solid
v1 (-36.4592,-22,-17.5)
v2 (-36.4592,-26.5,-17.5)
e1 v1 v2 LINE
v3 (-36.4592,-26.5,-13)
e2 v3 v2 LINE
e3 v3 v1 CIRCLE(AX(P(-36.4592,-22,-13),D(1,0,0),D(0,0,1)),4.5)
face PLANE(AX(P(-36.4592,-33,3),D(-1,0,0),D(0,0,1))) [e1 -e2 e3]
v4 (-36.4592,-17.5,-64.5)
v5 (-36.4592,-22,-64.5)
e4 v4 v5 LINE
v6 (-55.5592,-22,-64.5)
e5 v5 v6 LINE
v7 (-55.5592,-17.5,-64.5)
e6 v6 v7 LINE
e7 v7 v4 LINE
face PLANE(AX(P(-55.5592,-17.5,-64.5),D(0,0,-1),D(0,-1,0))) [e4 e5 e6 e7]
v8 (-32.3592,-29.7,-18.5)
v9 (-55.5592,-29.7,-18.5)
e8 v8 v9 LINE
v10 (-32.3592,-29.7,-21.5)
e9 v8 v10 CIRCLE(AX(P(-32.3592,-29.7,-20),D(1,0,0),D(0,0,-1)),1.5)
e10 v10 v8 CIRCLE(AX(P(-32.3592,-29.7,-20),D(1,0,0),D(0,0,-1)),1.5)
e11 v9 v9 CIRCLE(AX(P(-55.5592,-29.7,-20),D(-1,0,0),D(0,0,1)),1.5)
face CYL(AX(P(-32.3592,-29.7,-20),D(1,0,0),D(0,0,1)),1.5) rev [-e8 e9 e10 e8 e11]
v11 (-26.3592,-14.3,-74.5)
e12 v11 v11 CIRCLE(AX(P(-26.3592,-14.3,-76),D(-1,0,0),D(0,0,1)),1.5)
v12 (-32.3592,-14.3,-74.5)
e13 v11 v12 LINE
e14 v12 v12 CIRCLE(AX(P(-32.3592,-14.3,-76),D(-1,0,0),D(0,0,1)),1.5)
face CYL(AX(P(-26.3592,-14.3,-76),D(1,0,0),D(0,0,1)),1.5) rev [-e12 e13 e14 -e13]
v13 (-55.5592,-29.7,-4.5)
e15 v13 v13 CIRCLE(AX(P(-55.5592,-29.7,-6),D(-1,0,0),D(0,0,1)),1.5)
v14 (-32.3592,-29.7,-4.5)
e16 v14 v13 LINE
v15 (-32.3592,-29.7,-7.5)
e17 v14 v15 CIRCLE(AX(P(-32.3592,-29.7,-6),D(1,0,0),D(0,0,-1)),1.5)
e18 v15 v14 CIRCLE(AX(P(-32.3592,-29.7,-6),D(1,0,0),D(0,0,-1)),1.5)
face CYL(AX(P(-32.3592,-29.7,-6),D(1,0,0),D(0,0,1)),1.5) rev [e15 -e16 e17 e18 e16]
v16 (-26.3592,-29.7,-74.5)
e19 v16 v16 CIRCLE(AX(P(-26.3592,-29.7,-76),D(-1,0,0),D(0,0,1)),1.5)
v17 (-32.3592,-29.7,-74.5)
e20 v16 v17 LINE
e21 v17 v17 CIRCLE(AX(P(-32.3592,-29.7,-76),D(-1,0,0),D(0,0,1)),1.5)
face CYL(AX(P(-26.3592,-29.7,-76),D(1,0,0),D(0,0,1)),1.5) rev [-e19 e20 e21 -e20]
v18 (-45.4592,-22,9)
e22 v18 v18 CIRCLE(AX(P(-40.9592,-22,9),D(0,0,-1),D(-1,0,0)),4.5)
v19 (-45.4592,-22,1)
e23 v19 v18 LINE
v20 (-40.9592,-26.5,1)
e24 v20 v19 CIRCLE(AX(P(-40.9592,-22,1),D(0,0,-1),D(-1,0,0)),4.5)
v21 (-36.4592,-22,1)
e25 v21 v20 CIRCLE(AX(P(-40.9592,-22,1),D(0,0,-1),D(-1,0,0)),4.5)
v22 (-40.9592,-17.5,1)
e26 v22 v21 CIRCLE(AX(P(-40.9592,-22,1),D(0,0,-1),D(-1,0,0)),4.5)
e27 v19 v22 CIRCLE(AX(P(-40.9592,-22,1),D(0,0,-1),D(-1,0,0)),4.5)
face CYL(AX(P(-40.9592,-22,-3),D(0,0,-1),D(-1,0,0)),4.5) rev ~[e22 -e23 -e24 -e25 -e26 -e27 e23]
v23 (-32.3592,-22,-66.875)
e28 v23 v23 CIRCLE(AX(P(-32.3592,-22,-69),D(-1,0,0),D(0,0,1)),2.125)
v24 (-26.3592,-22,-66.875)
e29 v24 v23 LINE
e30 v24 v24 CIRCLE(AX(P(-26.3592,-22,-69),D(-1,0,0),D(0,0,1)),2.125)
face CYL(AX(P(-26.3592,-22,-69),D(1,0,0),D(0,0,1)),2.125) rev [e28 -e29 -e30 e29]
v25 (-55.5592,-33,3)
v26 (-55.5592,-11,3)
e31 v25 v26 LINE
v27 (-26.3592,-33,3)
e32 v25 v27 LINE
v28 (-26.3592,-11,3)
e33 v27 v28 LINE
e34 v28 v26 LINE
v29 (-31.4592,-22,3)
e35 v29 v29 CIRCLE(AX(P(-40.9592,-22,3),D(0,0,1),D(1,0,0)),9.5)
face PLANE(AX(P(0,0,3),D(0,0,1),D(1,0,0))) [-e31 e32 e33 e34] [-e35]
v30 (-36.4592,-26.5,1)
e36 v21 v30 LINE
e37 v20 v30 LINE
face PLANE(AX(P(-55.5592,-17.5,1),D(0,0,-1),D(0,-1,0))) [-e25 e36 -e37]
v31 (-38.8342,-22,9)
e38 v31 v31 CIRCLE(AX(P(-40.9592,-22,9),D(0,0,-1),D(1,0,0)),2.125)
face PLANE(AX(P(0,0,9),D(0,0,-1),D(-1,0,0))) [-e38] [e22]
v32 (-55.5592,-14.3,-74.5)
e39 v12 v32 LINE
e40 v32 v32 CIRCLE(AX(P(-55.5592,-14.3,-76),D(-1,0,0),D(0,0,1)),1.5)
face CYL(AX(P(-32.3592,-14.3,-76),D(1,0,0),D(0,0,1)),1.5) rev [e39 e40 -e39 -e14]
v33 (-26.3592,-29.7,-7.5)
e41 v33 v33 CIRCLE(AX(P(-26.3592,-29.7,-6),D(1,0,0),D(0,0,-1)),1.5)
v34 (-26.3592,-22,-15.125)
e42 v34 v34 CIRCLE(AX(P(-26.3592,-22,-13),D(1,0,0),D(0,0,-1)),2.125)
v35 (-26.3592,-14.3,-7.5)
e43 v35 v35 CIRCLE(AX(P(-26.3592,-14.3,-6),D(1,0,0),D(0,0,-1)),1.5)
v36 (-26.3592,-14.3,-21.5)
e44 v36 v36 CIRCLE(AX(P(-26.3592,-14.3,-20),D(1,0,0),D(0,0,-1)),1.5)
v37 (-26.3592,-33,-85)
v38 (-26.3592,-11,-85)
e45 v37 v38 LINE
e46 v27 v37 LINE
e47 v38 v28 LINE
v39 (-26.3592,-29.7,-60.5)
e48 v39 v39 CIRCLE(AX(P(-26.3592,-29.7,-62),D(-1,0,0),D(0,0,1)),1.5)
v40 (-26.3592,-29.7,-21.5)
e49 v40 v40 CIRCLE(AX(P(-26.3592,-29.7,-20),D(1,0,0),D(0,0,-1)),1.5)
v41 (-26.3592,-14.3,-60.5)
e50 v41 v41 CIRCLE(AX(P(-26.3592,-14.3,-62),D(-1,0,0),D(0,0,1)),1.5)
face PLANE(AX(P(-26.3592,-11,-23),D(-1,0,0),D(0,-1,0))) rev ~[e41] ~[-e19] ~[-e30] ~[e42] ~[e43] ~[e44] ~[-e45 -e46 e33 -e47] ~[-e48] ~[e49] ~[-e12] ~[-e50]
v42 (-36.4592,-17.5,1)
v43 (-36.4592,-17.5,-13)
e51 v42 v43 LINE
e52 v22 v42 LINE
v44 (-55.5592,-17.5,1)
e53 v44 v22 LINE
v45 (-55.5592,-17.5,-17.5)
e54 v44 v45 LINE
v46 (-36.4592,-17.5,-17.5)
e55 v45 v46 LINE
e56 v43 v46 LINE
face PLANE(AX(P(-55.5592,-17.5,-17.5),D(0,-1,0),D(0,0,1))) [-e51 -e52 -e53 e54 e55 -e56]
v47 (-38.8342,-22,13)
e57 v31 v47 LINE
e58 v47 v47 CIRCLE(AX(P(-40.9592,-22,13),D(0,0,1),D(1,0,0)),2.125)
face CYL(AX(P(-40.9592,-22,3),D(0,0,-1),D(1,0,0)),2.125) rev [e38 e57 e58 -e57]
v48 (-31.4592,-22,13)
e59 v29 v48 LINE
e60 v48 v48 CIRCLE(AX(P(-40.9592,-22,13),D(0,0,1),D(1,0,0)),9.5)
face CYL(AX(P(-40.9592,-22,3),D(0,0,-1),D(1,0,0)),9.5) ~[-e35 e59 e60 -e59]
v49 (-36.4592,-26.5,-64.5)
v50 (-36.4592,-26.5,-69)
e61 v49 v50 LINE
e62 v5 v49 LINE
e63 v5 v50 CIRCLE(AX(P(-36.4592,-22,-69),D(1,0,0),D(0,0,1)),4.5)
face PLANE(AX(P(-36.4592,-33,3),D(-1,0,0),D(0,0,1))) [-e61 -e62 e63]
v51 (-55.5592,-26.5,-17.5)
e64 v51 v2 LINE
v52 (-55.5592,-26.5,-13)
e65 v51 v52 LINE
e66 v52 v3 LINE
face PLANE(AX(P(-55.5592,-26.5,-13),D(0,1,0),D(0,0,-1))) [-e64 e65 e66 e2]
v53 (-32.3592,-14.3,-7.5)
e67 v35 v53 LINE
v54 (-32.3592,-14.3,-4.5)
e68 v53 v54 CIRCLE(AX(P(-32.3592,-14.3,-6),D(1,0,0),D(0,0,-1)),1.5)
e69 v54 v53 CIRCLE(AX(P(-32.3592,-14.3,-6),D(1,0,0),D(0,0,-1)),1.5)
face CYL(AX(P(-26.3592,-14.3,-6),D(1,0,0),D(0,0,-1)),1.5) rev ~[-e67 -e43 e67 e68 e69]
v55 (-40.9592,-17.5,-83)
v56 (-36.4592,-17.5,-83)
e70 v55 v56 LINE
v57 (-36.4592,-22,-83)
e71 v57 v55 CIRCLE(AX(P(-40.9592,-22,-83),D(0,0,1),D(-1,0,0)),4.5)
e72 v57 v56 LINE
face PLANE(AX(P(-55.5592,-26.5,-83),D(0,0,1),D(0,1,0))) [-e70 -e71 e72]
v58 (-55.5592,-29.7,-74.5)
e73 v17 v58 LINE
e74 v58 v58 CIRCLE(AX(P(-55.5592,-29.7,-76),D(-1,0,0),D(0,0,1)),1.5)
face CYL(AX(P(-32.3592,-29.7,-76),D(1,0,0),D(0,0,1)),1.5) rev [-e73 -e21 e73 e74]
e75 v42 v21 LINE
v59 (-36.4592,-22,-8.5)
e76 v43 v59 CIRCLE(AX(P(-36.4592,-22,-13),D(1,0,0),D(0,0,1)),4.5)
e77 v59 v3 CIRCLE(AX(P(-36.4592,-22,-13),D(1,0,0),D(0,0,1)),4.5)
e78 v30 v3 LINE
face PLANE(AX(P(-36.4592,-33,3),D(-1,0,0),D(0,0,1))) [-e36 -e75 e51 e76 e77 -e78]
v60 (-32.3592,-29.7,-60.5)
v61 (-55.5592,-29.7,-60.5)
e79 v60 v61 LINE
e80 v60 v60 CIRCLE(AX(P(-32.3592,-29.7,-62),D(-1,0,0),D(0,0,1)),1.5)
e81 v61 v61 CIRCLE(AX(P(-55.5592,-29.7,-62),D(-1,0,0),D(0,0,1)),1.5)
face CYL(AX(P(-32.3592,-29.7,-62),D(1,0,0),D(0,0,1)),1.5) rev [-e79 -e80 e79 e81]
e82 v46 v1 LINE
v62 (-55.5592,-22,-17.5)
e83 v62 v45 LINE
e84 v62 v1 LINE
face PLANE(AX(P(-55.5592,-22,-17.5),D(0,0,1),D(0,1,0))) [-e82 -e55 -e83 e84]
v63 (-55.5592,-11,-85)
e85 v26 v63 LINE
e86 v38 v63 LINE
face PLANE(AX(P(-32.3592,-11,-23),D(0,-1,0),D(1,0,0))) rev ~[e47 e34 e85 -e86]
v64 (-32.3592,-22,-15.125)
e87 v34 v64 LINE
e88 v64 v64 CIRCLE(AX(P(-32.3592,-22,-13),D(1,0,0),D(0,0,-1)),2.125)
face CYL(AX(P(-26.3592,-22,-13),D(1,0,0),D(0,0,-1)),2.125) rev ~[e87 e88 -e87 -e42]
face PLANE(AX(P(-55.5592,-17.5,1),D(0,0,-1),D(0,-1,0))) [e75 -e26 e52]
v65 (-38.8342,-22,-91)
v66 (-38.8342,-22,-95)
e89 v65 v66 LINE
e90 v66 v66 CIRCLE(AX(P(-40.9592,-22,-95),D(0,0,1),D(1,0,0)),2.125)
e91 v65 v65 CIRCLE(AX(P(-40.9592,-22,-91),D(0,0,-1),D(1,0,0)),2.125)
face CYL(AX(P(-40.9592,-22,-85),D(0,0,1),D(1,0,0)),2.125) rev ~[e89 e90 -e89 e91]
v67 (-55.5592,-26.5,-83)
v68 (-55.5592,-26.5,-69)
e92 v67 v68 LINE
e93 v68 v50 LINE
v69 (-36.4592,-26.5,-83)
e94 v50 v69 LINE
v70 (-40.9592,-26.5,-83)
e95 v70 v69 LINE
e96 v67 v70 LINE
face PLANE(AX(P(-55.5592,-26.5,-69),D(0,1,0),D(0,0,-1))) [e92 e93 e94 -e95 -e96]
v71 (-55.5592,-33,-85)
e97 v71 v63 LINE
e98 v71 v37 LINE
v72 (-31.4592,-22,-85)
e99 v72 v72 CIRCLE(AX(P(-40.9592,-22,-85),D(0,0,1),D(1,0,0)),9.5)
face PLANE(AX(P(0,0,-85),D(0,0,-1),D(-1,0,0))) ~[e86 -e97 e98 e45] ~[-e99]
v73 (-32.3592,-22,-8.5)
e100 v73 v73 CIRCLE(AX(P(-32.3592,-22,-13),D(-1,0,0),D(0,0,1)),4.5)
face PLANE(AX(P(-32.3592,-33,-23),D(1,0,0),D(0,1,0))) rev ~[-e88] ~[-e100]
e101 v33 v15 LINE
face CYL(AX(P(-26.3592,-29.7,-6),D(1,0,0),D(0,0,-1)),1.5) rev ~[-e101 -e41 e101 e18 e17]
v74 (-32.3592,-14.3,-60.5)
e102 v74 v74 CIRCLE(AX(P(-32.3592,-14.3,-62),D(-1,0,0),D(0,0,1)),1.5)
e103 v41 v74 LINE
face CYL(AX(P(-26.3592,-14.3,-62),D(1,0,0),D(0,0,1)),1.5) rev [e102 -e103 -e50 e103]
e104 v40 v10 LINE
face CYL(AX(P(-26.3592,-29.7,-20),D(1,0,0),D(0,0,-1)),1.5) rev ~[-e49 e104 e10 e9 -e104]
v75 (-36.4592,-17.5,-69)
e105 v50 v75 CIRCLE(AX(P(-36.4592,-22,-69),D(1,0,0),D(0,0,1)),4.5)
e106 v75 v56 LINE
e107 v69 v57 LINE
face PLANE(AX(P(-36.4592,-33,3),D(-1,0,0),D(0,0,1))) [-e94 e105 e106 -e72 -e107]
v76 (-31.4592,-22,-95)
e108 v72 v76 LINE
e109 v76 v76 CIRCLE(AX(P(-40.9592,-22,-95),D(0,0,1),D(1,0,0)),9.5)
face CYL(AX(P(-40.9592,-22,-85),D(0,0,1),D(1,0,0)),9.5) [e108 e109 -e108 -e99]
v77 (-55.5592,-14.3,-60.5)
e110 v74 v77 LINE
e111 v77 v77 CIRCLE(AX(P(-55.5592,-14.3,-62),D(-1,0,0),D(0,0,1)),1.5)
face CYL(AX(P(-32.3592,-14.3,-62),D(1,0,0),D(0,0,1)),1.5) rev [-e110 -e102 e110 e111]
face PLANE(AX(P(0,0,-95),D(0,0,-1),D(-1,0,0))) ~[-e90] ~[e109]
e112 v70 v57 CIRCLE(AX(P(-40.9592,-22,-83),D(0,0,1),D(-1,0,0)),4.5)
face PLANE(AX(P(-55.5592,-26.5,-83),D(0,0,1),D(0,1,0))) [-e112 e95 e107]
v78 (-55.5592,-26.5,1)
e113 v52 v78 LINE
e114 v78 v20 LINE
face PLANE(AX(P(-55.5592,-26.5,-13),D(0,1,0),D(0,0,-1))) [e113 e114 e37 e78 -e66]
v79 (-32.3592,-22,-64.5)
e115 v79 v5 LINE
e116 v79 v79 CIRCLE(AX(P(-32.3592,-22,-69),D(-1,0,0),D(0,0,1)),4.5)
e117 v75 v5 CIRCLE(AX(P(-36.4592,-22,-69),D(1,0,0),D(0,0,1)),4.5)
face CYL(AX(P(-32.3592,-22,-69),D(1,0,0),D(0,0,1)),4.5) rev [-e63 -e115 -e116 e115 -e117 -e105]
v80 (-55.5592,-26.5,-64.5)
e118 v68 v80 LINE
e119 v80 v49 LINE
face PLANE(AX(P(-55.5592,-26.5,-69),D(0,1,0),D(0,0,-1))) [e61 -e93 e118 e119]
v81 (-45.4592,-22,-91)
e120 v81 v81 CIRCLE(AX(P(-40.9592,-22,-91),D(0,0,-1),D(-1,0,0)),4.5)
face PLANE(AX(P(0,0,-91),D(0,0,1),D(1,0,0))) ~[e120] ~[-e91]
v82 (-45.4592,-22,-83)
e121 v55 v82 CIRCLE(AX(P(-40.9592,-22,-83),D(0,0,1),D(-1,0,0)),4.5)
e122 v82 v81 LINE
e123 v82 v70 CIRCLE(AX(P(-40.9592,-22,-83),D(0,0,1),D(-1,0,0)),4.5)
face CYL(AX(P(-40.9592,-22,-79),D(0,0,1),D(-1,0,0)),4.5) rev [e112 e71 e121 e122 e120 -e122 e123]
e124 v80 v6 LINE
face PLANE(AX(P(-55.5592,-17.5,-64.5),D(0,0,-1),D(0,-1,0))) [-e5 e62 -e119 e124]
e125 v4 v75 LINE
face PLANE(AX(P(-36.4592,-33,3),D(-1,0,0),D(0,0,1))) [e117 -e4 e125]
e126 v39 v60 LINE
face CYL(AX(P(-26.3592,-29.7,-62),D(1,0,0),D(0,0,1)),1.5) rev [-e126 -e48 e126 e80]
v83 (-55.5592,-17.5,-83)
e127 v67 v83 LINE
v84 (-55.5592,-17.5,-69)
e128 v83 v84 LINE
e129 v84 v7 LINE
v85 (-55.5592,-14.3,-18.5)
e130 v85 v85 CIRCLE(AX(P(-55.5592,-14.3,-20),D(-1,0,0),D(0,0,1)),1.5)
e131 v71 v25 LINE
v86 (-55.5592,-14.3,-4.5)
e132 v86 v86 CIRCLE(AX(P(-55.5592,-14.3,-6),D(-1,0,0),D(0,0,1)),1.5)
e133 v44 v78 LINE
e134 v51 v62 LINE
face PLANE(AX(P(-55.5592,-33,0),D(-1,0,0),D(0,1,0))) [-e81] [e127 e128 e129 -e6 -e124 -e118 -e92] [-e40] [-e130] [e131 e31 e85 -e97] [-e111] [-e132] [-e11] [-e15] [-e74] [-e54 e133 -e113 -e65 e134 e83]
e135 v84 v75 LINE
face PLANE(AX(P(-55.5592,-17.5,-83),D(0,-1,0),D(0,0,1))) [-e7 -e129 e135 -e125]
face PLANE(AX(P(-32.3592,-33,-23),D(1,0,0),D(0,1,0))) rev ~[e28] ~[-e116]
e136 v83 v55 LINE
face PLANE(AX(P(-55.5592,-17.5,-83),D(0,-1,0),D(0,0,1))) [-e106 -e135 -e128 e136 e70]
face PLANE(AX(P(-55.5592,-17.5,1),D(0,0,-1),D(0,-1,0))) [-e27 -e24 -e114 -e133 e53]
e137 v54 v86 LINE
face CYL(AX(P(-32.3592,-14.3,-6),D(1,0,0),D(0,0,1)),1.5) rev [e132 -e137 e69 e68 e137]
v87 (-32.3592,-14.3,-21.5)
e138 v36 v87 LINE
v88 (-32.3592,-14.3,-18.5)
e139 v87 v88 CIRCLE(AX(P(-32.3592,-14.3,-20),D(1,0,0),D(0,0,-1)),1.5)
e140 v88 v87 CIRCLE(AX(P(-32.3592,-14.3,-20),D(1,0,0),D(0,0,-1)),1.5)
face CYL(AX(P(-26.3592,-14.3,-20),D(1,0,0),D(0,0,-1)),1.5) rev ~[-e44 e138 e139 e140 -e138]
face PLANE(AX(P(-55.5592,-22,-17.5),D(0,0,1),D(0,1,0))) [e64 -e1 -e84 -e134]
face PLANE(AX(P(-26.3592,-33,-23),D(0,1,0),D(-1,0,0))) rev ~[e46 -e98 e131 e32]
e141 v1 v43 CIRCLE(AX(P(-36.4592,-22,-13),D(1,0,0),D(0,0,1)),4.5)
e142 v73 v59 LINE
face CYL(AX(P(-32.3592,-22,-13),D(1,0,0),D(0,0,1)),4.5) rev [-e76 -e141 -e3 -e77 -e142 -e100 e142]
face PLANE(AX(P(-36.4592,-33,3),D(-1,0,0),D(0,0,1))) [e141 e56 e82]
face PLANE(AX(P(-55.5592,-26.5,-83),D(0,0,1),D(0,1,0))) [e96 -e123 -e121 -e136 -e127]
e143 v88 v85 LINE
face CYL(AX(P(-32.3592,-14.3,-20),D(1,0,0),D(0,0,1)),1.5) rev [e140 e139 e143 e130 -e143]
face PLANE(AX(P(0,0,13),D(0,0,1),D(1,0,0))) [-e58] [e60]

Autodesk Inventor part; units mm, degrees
ref_plane "YZ Plane" through (0, 0, 0) normal (1, 0, 0) x (0, 1, 0)
ref_plane "XZ Plane" through (0, 0, 0) normal (0, 1, 0) x (-1, 0, 0)
ref_plane "Płaszczyzna konstrukcyjna1" through (0, 0, 0) normal (0, 0, 1) x (1, 0, 0)
sketch "Szkic1" plane through (0, 0, 0) normal (0, 0, 1) x (1, 0, 0)
  line L0 (-70.3592, -33) -> (-26.3592, -33)
  line L1 (-26.3592, -33) -> (-26.3592, -11)
  line L2 (-26.3592, -11) -> (-70.3592, -11)
  line L3 (-70.3592, -11) -> (-70.3592, -33)
  line L4 (-70.3592, -11) -> (-26.3592, -11) projected
  line L5 (-26.3592, -11) -> (-26.3592, -33) projected
  point P0 (0, 0)
extrude "Wyciągnięcie proste1" add sketch "Szkic1" against normal blind 3
sketch "Szkic2" plane through (0, 0, -3) normal (0, 0, -1) x (-1, 0, 0)
  line L0 (32.3592, -11) -> (26.3592, -11)
  line L1 (26.3592, -11) -> (26.3592, -33)
  line L2 (26.3592, -33) -> (32.3592, -33)
  line L3 (32.3592, -33) -> (32.3592, -11)
  line L4 (26.3592, -11) -> (26.3592, -33) projected
  line L5 (26.3592, -33) -> (70.3592, -33) projected
  line L6 (70.3592, -11) -> (26.3592, -11) projected
  point P0 (0, 0)
  dimension "d2" = 6
extrude "Wyciągnięcie proste2" add sketch "Szkic2" along normal blind 20
sketch "Szkic3" plane through (-26.3592, -33, 0) normal (1, 0, 0) x (0, 0, -1)
  circle A0 centre (6, 3.3) radius 1.25 projected
  circle A1 centre (20, 3.3) radius 1.25 projected
  circle A2 centre (20, 18.7) radius 1.25 projected
  circle A3 centre (6, 18.7) radius 1.25 projected
  circle A4 centre (20, 3.3) radius 1.5
  circle A5 centre (6, 3.3) radius 1.5
  circle A6 centre (20, 18.7) radius 1.5
  circle A7 centre (6, 18.7) radius 1.5
  circle A8 centre (13, 11) radius 2.125 projected
  point P0 (0, 33)
  dimension "d5" = 0.25
  dimension "d6" = 0.25
  dimension "d7" = 0.25
  dimension "d8" = 0.25
extrude "Wyciągnięcie proste3" cut sketch "Szkic3" against normal through all contours A0 | A1 | A2 | A3 | A4 | A5 | A6 | A7 | A8
sketch "Szkic4" plane through (0, 0, 0) normal (0, 0, 1) x (1, 0, 0)
  line L0 (-40.9592, -22) -> (-40.9592, -11) construction
  line L1 (-70.3592, -11) -> (-32.3592, -11) construction
  line L2 (-40.9592, -22) -> (-40.9592, -33) construction
  line L3 (-70.3592, -33) -> (-26.3592, -33) construction
  line L4 (-26.3592, -33) -> (-26.3592, -11) construction
  line L5 (-55.5592, -11) -> (-26.3592, -11)
  line L6 (-26.3592, -11) -> (-26.3592, -33)
  line L7 (-26.3592, -33) -> (-55.5592, -33)
  line L8 (-55.5592, -33) -> (-55.5592, -11)
  line L9 (-40.9592, -22) -> (-55.5592, -22) construction
  line L10 (-40.9592, -22) -> (-26.3592, -22) construction
  line L11 (-26.3592, -11) -> (-70.3592, -11) projected
  point P0 (0, 0)
  dimension "d11" = 14.6
extrude "Wyciągnięcie proste4" cut sketch "Szkic4" against normal through all keep common part
ref_plane "Płaszczyzna konstrukcyjna2" through (-49.4592, -8.3, 3) normal (0, 0, 1) x (1, 0, 0)
sketch "Szkic5" plane through (0, 0, 0) normal (0, 0, 1) x (1, 0, 0)
  line L0 (-55.5592, -33) -> (-55.5592, -11) projected
  line L1 (-55.5592, -33) -> (-26.3592, -33) projected
  line L2 (-26.3592, -33) -> (-26.3592, -11) projected
  line L3 (-26.3592, -11) -> (-55.5592, -11) projected
  point P0 (0, 0)
extrude "Wyciągnięcie proste5" add sketch "Szkic5" along normal blind 3
hole "Otwór3" at (-40.9592, -22, 0) direction (0, 0, -1) diameter 4.25 end through all both
sketch "Szkic7" plane through (0, 0, 3) normal (0, 0, 1) x (1, 0, 0)
  circle A0 centre (-40.9592, -22) radius 10 projected
  circle A1 centre (-40.9592, -22) radius 2.125 projected
  circle A2 centre (-40.9592, -22) radius 10 projected
  circle A3 centre (-40.9592, -22) radius 9.5
  point P0 (0, 0)
  dimension "d42" = 0.5
extrude "Wyciągnięcie proste8" add sketch "Szkic7" along normal blind 10 contours A3
sketch "Szkic6" plane through (0, 0, -3) normal (0, 0, -1) x (-1, 0, 0)
  circle A0 centre (40.9592, -22) radius 2.125 projected
  circle A1 centre (40.9592, -22) radius 4.5
  point P0 (0, 0)
  dimension "d37" = 9
extrude "Wyciągnięcie proste7" cut sketch "Szkic6" against normal blind 12 contours A0 | A1
sketch "Szkic8" plane through (0, 0, -23) normal (0, 0, -1) x (-1, 0, 0)
  line L0 (26.3592, -33) -> (32.3592, -33) projected
  line L1 (32.3592, -33) -> (32.3592, -11) projected
  line L2 (32.3592, -11) -> (26.3592, -11) projected
  line L3 (26.3592, -11) -> (26.3592, -33) projected
  point P0 (0, 0)
extrude "Wyciągnięcie proste9" add sketch "Szkic8" along normal blind 18
mirror "Odbij1" about plane through (-29.3592, -22, -41) normal (0, 0, -1)
sketch "Szkic9" plane through (-32.3592, -33, -3) normal (-1, 0, 0) x (0, 0, 1)
  circle A0 centre (-66, 11) radius 2.125 projected
  circle A1 centre (-59, 18.7) radius 1.5 projected
  circle A2 centre (-59, 3.3) radius 1.5 projected
  circle A3 centre (-73, 18.7) radius 1.5 projected
  circle A4 centre (-73, 3.3) radius 1.5 projected
  circle A5 centre (-3, 3.3) radius 1.5 projected
  circle A6 centre (-3, 18.7) radius 1.5 projected
  circle A7 centre (-17, 3.3) radius 1.5 projected
  circle A8 centre (-17, 18.7) radius 1.5 projected
  circle A9 centre (-10, 11) radius 2.125 projected
  line L0 (0, 22) -> (0, 0) projected
  line L1 (0, 22) -> (-76, 22) projected
  line L2 (-76, 22) -> (-76, 0) projected
  line L3 (0, 0) -> (-76, 0) projected
  circle A10 centre (-66, 11) radius 2.125 projected
  circle A11 centre (-66, 11) radius 4.5
  circle A12 centre (-10, 11) radius 2.125 projected
  circle A13 centre (-10, 11) radius 4.5
  point P0 (3, 33)
  dimension "d47" = 9
  dimension "d48" = 9
extrude "Wyciągnięcie proste10" add sketch "Szkic9" along normal up to surface (23.2 mm away) contours L0 L3 L2 L1
sketch "Szkic11" plane through (-55.5592, -33, 3) normal (-1, 0, 0) x (0, 0, 1)
  line L0 (-86, 15.5) -> (-67.5, 15.5)
  line L1 (-67.5, 15.5) -> (-67.5, 6.5)
  line L2 (-67.5, 6.5) -> (-86, 6.5)
  line L3 (-86, 6.5) -> (-86, 15.5)
  line L4 (-20.5, 15.5) -> (-2, 15.5)
  line L5 (-2, 15.5) -> (-2, 6.5)
  line L6 (-2, 6.5) -> (-20.5, 6.5)
  line L7 (-20.5, 6.5) -> (-20.5, 15.5)
  line L8 (0, 22) -> (0, 0) projected
  line L9 (-88, 22) -> (-88, 0) projected
  circle A0 centre (-72, 11) radius 4.5 projected
  circle A1 centre (-16, 11) radius 4.5 projected
  point P0 (-3, 33)
  dimension "d51" = 2
  dimension "d53" = 2
extrude "Wyciągnięcie proste11" cut sketch "Szkic11" against normal blind 19.1
equation "\"d53\" = d51"
properties part number "wheel-adapter-rear"
